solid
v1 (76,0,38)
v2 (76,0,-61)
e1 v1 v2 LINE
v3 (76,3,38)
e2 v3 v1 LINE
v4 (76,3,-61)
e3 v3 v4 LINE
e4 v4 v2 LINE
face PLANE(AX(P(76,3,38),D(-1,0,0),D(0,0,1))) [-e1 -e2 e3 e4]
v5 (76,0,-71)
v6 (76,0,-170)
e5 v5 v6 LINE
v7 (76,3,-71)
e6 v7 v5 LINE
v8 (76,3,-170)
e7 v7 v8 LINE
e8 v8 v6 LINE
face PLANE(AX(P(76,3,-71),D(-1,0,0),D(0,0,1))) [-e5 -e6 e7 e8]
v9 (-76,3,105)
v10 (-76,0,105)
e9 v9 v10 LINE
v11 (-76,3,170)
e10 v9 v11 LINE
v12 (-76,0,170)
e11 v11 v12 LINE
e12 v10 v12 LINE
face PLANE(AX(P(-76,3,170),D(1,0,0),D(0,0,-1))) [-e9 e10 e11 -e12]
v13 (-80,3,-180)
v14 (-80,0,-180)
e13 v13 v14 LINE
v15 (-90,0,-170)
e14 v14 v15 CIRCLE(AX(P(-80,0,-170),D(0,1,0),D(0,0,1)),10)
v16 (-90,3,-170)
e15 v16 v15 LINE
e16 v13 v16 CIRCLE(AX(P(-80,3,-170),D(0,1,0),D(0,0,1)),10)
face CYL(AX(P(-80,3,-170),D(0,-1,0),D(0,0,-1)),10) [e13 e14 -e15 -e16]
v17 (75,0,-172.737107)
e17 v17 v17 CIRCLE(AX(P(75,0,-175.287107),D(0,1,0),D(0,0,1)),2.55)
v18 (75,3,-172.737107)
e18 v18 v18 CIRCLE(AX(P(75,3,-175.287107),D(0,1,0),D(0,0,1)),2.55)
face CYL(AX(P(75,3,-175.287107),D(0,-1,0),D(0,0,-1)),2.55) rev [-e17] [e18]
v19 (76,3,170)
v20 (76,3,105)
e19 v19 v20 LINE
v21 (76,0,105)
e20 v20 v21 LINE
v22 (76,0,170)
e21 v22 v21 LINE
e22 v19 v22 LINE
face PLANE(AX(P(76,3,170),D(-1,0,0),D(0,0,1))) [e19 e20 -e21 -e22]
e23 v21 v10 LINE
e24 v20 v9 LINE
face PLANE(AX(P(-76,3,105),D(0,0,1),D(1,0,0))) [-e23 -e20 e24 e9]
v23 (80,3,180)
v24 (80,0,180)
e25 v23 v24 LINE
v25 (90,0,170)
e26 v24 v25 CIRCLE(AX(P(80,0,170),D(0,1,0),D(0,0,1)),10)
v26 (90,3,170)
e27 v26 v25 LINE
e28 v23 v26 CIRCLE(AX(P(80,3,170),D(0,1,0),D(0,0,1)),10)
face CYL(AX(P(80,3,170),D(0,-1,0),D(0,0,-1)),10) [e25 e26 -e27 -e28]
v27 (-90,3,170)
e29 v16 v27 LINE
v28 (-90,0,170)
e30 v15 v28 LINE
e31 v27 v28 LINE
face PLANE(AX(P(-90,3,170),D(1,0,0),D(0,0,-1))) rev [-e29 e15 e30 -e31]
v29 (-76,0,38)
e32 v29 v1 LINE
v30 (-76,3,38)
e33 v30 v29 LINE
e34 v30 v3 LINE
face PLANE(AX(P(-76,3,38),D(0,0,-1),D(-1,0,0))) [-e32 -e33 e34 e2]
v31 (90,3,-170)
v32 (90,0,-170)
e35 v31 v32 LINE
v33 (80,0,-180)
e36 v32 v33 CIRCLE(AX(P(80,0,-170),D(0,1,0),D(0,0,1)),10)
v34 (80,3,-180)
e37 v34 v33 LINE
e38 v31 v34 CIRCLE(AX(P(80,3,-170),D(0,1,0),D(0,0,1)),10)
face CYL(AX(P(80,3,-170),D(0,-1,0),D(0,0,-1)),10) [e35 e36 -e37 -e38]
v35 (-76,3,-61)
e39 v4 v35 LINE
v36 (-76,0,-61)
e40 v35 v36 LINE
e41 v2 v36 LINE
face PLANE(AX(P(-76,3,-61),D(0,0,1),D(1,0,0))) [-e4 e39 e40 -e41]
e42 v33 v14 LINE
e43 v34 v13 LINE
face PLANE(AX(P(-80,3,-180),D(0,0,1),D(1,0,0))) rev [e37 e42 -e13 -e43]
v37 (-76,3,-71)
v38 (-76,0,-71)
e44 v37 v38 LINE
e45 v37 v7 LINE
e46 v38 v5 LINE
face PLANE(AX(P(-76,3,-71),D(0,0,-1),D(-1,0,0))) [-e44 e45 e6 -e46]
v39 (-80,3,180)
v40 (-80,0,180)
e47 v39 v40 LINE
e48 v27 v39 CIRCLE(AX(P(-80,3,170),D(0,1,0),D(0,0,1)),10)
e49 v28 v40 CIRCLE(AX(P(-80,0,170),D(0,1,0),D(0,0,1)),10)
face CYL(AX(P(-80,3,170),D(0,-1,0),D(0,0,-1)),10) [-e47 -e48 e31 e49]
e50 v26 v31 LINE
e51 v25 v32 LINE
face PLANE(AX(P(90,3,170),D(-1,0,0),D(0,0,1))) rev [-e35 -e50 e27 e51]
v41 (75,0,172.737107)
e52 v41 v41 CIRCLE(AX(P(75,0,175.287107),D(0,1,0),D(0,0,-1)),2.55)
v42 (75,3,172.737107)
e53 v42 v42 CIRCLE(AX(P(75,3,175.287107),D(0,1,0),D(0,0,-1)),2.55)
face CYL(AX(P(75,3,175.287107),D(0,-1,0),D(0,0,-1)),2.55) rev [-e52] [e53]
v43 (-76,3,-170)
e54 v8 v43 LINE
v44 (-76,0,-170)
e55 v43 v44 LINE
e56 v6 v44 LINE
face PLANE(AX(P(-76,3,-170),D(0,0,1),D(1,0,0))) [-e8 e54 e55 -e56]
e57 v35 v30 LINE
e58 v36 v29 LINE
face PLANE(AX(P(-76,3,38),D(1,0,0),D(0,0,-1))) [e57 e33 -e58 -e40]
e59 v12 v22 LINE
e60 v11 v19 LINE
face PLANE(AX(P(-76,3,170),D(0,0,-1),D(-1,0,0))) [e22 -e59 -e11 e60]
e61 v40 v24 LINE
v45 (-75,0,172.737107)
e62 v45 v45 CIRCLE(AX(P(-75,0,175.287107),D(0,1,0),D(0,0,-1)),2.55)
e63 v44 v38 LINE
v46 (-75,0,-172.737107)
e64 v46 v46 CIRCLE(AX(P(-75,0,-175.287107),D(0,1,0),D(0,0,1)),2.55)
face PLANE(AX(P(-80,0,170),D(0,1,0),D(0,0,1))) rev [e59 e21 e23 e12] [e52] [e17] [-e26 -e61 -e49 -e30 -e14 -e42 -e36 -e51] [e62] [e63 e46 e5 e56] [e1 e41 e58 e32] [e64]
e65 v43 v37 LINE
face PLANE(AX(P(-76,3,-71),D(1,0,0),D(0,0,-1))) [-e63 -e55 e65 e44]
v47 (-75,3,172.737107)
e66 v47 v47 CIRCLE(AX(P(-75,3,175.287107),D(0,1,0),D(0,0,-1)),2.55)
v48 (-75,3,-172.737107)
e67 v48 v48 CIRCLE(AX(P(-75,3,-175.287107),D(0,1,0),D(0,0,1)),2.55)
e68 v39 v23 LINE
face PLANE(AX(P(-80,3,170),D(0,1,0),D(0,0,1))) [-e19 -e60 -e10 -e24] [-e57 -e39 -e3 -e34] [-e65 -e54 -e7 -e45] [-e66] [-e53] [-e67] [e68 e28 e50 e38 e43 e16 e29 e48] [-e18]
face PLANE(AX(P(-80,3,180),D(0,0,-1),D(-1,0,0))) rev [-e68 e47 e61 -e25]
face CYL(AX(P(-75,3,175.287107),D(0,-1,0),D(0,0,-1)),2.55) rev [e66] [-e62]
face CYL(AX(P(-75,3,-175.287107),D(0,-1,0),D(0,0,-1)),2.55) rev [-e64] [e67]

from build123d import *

# Parameters (mm, degrees)
SKETCH1_R           = 2.55
SKETCH1_W           = 152
SKETCH1_H           = 99
SKETCH1_H_2         = 65
BOSS_EXTRUDE1_DEPTH = 3


with BuildPart() as part:
    # Sketch1 → Boss-Extrude1 (new body)
    with BuildSketch(Plane(origin=(0, 0, 0), x_dir=(1, 0, 0), z_dir=(0, 1, 0))):
        with BuildLine():
            Line((-80, -180), (80, -180))
            ThreePointArc((80, -180), (87.071067812, -177.071067812), (90, -170))
            Line((90, -170), (90, 170))
            ThreePointArc((90, 170), (87.071067812, 177.071067812), (80, 180))
            Line((80, 180), (-80, 180))
            ThreePointArc((-80, 180), (-87.071067812, 177.071067812), (-90, 170))
            Line((-90, 170), (-90, -170))
            ThreePointArc((-90, -170), (-87.071067812, -177.071067812), (-80, -180))
        make_face()
        with Locations(Location((-75, 175.287107213, 0), (0, 0, 270))):
            Circle(SKETCH1_R, mode=Mode.SUBTRACT)
        with Locations(Location((75, 175.287107213, 0), (0, 0, 270))):
            Circle(SKETCH1_R, mode=Mode.SUBTRACT)
        with Locations(Location((-75, -175.287107213, 0), (0, 0, 90))):
            Circle(SKETCH1_R, mode=Mode.SUBTRACT)
        with Locations(Location((75, -175.287107213, 0), (0, 0, 90))):
            Circle(SKETCH1_R, mode=Mode.SUBTRACT)
        with Locations((0, 120.5)):
            Rectangle(SKETCH1_W, SKETCH1_H, mode=Mode.SUBTRACT)
        with Locations((0, -137.5)):
            Rectangle(SKETCH1_W, SKETCH1_H_2, mode=Mode.SUBTRACT)
        with Locations((0, 11.5)):
            Rectangle(SKETCH1_W, SKETCH1_H, mode=Mode.SUBTRACT)
    extrude(amount=BOSS_EXTRUDE1_DEPTH)


solid = part.part
